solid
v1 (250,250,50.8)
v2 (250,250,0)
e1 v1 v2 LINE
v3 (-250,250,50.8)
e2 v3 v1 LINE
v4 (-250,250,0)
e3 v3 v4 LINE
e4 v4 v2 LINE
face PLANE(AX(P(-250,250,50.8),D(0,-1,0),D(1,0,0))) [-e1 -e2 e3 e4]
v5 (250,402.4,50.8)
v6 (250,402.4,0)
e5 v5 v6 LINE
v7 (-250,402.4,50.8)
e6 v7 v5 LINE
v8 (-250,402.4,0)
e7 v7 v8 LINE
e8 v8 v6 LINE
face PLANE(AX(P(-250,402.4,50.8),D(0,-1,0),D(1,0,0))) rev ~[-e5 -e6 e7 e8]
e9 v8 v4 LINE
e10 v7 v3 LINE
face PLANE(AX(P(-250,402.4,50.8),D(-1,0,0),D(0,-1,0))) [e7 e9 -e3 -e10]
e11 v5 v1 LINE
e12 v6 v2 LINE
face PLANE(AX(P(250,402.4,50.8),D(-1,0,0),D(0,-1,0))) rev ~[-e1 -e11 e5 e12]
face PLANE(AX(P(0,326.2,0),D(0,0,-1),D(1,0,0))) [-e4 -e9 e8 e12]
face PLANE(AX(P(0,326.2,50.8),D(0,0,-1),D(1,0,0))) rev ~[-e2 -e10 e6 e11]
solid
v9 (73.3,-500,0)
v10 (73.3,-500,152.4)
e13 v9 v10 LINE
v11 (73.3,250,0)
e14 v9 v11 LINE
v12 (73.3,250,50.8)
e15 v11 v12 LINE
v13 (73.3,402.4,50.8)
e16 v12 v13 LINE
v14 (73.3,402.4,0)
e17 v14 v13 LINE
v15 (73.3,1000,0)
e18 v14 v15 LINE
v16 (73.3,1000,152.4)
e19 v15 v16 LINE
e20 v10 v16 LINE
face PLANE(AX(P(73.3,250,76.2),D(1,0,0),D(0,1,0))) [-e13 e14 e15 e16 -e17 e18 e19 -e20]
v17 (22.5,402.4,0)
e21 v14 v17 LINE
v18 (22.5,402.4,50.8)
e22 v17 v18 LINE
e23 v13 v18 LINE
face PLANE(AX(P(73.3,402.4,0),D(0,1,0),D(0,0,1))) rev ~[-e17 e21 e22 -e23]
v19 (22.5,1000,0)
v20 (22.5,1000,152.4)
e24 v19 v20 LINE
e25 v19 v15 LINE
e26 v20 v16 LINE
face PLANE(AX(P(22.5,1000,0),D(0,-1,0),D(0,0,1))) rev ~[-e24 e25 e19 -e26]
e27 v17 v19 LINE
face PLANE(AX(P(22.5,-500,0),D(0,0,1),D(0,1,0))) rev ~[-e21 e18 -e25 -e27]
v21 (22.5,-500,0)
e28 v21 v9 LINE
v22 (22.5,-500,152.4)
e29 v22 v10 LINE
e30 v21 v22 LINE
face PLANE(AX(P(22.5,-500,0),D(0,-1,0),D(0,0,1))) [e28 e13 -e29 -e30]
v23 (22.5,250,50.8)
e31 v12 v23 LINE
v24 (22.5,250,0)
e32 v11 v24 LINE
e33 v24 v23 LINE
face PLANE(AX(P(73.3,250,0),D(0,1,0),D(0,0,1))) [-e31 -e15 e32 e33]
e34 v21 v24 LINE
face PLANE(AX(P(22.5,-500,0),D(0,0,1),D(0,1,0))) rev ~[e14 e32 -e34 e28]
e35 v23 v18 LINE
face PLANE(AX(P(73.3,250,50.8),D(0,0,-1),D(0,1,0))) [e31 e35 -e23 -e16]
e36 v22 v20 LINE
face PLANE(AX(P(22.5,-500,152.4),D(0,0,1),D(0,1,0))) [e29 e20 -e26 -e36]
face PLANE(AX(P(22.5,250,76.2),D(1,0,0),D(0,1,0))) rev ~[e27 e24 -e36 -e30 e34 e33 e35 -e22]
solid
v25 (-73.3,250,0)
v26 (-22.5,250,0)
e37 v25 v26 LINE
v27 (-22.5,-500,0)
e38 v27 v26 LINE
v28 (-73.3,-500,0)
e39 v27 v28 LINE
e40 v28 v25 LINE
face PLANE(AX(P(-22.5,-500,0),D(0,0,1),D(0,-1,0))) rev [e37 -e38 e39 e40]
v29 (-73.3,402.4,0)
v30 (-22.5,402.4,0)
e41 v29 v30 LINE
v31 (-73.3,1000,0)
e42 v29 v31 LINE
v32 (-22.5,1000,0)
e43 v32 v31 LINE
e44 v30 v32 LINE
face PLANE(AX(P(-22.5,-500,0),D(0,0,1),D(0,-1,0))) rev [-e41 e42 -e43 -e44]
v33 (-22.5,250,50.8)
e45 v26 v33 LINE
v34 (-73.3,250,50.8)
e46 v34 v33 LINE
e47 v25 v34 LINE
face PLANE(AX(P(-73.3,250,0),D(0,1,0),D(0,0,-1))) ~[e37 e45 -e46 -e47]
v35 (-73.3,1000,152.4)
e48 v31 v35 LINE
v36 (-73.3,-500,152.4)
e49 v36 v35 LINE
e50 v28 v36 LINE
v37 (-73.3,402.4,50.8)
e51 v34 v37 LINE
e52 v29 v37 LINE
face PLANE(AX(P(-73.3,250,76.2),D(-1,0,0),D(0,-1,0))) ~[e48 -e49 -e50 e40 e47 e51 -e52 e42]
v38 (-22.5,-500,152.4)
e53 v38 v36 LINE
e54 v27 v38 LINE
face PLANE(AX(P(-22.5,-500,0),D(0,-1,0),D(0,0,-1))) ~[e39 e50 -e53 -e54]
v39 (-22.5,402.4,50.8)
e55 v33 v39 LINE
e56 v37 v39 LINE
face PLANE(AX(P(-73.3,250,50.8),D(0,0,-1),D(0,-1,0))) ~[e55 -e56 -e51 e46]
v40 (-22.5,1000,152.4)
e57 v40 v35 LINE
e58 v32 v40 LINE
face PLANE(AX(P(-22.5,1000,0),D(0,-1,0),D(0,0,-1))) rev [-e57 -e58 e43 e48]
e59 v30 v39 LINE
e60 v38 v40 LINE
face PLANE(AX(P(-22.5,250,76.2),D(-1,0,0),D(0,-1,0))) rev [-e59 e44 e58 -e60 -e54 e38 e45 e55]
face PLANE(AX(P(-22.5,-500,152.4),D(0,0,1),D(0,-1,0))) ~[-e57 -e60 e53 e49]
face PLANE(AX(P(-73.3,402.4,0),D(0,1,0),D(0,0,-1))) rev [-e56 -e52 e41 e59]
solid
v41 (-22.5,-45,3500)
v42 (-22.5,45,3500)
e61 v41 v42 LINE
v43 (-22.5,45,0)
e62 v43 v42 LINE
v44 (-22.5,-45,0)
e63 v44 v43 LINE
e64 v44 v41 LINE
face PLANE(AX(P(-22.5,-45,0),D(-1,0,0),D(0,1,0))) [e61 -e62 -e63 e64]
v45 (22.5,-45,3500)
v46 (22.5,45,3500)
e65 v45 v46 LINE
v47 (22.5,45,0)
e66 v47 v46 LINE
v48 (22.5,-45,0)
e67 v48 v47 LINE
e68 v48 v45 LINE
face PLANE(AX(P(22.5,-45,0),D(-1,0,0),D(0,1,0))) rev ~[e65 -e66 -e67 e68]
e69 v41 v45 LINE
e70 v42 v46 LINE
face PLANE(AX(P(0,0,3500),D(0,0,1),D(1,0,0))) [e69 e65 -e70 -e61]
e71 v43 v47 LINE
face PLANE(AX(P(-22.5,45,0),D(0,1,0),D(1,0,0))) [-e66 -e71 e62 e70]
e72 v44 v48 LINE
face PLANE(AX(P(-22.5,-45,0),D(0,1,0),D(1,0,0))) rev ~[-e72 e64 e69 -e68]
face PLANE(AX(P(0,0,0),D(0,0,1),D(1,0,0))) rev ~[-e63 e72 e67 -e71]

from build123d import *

# Parameters (mm, degrees)
F0_W     = 45
F0_H     = 90
F1_DEPTH = 3500
F2_W     = 1500
F2_H     = 152.4
F3_DEPTH = 50.8
F4_W     = 152.4
F4_H     = 50.8
F5_DEPTH = 50.8
F7_W     = 500
F7_H     = 152.4
F8_DEPTH = 50.8


with BuildPart() as f1:
    # F0 (on Top) → F1 (new body)
    with BuildSketch(Plane.XY):
        Rectangle(F0_W, F0_H)
    extrude(amount=F1_DEPTH)


with BuildPart() as f3:
    # F2 (on face) → F3 (new body)
    with BuildSketch(Plane.YZ.offset(22.5)):
        with Locations((250, 76.2)):
            Rectangle(F2_W, F2_H)
    extrude(amount=F3_DEPTH)

    # F4 (on face) → F5 (cut)
    with BuildSketch(Plane.YZ.offset(73.3)):
        with Locations((326.2, 25.4)):
            Rectangle(F4_W, F4_H)
    extrude(amount=-F5_DEPTH, mode=Mode.SUBTRACT)


with BuildPart() as f6_1:
    # F6: instance of F3
    add(f3.part.mirror(Plane.YZ))


with BuildPart() as f8:
    # F7 (on face) → F8 (new body)
    with BuildSketch(Plane(origin=(0, 0, 50.8), x_dir=(1, 0, 0), z_dir=(0, 0, -1))):
        with Locations((0, -326.2)):
            Rectangle(F7_W, F7_H)
    extrude(amount=F8_DEPTH)


solid = Compound([f1.part, f3.part, f6_1.part, f8.part])
